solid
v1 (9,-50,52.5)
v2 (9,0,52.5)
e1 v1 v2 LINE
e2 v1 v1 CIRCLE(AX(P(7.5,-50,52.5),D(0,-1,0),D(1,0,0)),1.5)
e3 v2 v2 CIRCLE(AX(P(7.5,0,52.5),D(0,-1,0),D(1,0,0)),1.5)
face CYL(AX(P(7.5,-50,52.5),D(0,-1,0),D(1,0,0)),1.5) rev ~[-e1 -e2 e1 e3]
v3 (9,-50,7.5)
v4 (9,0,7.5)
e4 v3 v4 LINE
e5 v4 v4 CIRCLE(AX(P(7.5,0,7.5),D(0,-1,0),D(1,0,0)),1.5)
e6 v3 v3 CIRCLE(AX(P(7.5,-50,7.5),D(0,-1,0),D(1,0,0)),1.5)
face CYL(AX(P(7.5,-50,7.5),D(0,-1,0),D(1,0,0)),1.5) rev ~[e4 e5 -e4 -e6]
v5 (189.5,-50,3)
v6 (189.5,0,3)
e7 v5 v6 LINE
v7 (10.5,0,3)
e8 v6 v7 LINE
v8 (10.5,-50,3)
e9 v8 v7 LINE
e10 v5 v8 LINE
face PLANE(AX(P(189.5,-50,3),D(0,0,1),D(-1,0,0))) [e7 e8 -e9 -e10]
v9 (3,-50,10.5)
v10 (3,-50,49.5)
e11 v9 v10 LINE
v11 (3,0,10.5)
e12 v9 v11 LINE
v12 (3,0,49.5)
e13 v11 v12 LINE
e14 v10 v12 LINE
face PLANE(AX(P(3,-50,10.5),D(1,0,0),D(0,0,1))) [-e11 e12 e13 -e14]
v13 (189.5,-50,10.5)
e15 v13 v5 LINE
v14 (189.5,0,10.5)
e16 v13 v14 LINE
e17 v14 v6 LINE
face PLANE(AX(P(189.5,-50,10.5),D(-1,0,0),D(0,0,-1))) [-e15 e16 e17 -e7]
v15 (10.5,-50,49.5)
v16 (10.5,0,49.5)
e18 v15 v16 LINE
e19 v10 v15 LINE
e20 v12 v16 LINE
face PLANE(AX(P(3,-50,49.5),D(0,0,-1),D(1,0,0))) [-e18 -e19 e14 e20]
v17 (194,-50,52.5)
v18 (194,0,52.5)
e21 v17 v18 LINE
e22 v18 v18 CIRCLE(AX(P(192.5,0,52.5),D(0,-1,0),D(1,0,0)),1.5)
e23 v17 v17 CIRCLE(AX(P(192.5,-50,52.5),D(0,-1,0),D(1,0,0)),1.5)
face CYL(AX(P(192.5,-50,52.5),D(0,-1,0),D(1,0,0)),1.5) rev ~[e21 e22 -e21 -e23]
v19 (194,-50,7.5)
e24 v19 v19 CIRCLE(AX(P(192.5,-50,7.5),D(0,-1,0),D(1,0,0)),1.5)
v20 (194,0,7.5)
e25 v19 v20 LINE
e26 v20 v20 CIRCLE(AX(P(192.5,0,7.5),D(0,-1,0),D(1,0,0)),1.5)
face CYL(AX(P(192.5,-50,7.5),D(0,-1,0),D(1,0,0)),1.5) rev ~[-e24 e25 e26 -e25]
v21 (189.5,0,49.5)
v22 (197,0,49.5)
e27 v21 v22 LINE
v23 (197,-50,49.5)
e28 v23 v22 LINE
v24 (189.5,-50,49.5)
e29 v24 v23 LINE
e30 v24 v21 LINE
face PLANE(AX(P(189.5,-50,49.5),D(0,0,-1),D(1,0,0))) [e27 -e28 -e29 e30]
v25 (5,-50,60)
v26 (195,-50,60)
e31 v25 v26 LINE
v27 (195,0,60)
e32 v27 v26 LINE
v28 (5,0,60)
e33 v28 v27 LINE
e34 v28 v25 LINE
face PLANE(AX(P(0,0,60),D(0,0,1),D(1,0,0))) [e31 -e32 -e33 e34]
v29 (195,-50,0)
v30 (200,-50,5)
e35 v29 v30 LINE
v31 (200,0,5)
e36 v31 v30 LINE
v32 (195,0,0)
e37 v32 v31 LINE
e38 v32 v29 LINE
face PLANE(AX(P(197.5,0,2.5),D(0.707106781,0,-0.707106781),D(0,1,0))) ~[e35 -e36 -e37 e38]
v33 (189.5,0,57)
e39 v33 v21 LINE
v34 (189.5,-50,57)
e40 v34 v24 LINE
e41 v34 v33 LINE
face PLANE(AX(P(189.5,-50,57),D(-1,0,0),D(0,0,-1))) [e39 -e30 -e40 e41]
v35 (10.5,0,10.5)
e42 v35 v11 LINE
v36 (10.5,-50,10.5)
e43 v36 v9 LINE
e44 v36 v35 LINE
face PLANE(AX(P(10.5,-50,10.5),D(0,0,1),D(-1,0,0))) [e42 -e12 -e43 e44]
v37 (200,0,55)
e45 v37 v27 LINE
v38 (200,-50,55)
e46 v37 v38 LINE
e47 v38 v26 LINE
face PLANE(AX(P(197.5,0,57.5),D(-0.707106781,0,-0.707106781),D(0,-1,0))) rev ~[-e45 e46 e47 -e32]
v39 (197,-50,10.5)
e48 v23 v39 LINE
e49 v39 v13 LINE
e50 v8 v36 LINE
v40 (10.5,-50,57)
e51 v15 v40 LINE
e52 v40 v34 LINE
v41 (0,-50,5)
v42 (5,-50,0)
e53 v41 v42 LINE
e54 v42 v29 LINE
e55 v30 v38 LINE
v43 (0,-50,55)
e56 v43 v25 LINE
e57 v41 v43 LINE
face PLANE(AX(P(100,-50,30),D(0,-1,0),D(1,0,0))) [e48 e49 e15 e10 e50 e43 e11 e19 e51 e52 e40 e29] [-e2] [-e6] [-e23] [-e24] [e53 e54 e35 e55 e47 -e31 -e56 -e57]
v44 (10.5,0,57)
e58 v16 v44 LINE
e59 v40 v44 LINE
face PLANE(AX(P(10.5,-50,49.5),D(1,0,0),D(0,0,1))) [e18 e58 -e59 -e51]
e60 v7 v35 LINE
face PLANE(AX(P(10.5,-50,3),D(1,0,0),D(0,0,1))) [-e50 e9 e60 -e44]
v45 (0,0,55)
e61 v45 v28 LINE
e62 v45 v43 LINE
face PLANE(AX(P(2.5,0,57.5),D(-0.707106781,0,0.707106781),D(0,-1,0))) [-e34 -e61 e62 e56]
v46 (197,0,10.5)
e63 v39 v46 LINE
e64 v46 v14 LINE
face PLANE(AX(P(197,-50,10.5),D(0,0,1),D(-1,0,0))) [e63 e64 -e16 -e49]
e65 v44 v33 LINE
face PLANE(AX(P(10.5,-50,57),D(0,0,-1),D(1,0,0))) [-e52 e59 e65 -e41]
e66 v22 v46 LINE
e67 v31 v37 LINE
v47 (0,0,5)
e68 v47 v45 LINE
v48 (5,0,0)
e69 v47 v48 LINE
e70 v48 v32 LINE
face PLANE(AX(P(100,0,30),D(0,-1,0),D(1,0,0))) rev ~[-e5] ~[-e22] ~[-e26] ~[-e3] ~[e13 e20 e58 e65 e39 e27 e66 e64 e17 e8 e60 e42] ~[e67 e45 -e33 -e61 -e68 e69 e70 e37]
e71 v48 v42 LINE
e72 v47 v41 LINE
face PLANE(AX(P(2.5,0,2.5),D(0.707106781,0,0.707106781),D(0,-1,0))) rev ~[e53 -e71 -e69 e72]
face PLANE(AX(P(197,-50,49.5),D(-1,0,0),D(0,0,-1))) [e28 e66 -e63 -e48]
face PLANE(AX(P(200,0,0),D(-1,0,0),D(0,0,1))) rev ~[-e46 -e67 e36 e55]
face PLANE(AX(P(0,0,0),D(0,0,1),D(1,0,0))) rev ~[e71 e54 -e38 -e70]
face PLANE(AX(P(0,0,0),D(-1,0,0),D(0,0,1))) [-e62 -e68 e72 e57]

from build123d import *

# Parameters (mm, degrees)
SKETCH_W     = 200
SKETCH_H     = 60
PAD_DEPTH    = 50
CHAMFER_SIZE = 5
SKETCH001_R  = 1.5
POCKET_DEPTH = 50.001


with BuildPart() as part:
    # Sketch → Pad (new body)
    with BuildSketch(Plane.XZ):
        with Locations((100, 30)):
            Rectangle(SKETCH_W, SKETCH_H)
    extrude(amount=PAD_DEPTH)

    # Chamfer
    chamfer_edges = [part.edges().sort_by_distance(p)[0] for p in [
        (200, -25, 0),
        (200, -25, 60),
        (0, -25, 60),
        (0, -25, 0),
    ]]
    chamfer(chamfer_edges, length=CHAMFER_SIZE)

    # Sketch001 (on Face5 of Chamfer) → Pocket (cut, through all)
    with BuildSketch(Plane.XZ.offset(50)):
        with Locations((7.5, 52.5)):
            Circle(SKETCH001_R)
        with Locations((192.5, 52.5)):
            Circle(SKETCH001_R)
        with Locations((192.5, 7.5)):
            Circle(SKETCH001_R)
        with Locations((7.5, 7.5)):
            Circle(SKETCH001_R)
        Polygon((10.5, 57), (189.5, 57), (189.5, 49.5), (197, 49.5), (197, 10.5), (189.5, 10.5), (189.5, 3), (10.5, 3), (10.5, 10.5), (3, 10.5), (3, 49.5), (10.5, 49.5), align=None)
    extrude(amount=-POCKET_DEPTH, mode=Mode.SUBTRACT)


solid = part.part
